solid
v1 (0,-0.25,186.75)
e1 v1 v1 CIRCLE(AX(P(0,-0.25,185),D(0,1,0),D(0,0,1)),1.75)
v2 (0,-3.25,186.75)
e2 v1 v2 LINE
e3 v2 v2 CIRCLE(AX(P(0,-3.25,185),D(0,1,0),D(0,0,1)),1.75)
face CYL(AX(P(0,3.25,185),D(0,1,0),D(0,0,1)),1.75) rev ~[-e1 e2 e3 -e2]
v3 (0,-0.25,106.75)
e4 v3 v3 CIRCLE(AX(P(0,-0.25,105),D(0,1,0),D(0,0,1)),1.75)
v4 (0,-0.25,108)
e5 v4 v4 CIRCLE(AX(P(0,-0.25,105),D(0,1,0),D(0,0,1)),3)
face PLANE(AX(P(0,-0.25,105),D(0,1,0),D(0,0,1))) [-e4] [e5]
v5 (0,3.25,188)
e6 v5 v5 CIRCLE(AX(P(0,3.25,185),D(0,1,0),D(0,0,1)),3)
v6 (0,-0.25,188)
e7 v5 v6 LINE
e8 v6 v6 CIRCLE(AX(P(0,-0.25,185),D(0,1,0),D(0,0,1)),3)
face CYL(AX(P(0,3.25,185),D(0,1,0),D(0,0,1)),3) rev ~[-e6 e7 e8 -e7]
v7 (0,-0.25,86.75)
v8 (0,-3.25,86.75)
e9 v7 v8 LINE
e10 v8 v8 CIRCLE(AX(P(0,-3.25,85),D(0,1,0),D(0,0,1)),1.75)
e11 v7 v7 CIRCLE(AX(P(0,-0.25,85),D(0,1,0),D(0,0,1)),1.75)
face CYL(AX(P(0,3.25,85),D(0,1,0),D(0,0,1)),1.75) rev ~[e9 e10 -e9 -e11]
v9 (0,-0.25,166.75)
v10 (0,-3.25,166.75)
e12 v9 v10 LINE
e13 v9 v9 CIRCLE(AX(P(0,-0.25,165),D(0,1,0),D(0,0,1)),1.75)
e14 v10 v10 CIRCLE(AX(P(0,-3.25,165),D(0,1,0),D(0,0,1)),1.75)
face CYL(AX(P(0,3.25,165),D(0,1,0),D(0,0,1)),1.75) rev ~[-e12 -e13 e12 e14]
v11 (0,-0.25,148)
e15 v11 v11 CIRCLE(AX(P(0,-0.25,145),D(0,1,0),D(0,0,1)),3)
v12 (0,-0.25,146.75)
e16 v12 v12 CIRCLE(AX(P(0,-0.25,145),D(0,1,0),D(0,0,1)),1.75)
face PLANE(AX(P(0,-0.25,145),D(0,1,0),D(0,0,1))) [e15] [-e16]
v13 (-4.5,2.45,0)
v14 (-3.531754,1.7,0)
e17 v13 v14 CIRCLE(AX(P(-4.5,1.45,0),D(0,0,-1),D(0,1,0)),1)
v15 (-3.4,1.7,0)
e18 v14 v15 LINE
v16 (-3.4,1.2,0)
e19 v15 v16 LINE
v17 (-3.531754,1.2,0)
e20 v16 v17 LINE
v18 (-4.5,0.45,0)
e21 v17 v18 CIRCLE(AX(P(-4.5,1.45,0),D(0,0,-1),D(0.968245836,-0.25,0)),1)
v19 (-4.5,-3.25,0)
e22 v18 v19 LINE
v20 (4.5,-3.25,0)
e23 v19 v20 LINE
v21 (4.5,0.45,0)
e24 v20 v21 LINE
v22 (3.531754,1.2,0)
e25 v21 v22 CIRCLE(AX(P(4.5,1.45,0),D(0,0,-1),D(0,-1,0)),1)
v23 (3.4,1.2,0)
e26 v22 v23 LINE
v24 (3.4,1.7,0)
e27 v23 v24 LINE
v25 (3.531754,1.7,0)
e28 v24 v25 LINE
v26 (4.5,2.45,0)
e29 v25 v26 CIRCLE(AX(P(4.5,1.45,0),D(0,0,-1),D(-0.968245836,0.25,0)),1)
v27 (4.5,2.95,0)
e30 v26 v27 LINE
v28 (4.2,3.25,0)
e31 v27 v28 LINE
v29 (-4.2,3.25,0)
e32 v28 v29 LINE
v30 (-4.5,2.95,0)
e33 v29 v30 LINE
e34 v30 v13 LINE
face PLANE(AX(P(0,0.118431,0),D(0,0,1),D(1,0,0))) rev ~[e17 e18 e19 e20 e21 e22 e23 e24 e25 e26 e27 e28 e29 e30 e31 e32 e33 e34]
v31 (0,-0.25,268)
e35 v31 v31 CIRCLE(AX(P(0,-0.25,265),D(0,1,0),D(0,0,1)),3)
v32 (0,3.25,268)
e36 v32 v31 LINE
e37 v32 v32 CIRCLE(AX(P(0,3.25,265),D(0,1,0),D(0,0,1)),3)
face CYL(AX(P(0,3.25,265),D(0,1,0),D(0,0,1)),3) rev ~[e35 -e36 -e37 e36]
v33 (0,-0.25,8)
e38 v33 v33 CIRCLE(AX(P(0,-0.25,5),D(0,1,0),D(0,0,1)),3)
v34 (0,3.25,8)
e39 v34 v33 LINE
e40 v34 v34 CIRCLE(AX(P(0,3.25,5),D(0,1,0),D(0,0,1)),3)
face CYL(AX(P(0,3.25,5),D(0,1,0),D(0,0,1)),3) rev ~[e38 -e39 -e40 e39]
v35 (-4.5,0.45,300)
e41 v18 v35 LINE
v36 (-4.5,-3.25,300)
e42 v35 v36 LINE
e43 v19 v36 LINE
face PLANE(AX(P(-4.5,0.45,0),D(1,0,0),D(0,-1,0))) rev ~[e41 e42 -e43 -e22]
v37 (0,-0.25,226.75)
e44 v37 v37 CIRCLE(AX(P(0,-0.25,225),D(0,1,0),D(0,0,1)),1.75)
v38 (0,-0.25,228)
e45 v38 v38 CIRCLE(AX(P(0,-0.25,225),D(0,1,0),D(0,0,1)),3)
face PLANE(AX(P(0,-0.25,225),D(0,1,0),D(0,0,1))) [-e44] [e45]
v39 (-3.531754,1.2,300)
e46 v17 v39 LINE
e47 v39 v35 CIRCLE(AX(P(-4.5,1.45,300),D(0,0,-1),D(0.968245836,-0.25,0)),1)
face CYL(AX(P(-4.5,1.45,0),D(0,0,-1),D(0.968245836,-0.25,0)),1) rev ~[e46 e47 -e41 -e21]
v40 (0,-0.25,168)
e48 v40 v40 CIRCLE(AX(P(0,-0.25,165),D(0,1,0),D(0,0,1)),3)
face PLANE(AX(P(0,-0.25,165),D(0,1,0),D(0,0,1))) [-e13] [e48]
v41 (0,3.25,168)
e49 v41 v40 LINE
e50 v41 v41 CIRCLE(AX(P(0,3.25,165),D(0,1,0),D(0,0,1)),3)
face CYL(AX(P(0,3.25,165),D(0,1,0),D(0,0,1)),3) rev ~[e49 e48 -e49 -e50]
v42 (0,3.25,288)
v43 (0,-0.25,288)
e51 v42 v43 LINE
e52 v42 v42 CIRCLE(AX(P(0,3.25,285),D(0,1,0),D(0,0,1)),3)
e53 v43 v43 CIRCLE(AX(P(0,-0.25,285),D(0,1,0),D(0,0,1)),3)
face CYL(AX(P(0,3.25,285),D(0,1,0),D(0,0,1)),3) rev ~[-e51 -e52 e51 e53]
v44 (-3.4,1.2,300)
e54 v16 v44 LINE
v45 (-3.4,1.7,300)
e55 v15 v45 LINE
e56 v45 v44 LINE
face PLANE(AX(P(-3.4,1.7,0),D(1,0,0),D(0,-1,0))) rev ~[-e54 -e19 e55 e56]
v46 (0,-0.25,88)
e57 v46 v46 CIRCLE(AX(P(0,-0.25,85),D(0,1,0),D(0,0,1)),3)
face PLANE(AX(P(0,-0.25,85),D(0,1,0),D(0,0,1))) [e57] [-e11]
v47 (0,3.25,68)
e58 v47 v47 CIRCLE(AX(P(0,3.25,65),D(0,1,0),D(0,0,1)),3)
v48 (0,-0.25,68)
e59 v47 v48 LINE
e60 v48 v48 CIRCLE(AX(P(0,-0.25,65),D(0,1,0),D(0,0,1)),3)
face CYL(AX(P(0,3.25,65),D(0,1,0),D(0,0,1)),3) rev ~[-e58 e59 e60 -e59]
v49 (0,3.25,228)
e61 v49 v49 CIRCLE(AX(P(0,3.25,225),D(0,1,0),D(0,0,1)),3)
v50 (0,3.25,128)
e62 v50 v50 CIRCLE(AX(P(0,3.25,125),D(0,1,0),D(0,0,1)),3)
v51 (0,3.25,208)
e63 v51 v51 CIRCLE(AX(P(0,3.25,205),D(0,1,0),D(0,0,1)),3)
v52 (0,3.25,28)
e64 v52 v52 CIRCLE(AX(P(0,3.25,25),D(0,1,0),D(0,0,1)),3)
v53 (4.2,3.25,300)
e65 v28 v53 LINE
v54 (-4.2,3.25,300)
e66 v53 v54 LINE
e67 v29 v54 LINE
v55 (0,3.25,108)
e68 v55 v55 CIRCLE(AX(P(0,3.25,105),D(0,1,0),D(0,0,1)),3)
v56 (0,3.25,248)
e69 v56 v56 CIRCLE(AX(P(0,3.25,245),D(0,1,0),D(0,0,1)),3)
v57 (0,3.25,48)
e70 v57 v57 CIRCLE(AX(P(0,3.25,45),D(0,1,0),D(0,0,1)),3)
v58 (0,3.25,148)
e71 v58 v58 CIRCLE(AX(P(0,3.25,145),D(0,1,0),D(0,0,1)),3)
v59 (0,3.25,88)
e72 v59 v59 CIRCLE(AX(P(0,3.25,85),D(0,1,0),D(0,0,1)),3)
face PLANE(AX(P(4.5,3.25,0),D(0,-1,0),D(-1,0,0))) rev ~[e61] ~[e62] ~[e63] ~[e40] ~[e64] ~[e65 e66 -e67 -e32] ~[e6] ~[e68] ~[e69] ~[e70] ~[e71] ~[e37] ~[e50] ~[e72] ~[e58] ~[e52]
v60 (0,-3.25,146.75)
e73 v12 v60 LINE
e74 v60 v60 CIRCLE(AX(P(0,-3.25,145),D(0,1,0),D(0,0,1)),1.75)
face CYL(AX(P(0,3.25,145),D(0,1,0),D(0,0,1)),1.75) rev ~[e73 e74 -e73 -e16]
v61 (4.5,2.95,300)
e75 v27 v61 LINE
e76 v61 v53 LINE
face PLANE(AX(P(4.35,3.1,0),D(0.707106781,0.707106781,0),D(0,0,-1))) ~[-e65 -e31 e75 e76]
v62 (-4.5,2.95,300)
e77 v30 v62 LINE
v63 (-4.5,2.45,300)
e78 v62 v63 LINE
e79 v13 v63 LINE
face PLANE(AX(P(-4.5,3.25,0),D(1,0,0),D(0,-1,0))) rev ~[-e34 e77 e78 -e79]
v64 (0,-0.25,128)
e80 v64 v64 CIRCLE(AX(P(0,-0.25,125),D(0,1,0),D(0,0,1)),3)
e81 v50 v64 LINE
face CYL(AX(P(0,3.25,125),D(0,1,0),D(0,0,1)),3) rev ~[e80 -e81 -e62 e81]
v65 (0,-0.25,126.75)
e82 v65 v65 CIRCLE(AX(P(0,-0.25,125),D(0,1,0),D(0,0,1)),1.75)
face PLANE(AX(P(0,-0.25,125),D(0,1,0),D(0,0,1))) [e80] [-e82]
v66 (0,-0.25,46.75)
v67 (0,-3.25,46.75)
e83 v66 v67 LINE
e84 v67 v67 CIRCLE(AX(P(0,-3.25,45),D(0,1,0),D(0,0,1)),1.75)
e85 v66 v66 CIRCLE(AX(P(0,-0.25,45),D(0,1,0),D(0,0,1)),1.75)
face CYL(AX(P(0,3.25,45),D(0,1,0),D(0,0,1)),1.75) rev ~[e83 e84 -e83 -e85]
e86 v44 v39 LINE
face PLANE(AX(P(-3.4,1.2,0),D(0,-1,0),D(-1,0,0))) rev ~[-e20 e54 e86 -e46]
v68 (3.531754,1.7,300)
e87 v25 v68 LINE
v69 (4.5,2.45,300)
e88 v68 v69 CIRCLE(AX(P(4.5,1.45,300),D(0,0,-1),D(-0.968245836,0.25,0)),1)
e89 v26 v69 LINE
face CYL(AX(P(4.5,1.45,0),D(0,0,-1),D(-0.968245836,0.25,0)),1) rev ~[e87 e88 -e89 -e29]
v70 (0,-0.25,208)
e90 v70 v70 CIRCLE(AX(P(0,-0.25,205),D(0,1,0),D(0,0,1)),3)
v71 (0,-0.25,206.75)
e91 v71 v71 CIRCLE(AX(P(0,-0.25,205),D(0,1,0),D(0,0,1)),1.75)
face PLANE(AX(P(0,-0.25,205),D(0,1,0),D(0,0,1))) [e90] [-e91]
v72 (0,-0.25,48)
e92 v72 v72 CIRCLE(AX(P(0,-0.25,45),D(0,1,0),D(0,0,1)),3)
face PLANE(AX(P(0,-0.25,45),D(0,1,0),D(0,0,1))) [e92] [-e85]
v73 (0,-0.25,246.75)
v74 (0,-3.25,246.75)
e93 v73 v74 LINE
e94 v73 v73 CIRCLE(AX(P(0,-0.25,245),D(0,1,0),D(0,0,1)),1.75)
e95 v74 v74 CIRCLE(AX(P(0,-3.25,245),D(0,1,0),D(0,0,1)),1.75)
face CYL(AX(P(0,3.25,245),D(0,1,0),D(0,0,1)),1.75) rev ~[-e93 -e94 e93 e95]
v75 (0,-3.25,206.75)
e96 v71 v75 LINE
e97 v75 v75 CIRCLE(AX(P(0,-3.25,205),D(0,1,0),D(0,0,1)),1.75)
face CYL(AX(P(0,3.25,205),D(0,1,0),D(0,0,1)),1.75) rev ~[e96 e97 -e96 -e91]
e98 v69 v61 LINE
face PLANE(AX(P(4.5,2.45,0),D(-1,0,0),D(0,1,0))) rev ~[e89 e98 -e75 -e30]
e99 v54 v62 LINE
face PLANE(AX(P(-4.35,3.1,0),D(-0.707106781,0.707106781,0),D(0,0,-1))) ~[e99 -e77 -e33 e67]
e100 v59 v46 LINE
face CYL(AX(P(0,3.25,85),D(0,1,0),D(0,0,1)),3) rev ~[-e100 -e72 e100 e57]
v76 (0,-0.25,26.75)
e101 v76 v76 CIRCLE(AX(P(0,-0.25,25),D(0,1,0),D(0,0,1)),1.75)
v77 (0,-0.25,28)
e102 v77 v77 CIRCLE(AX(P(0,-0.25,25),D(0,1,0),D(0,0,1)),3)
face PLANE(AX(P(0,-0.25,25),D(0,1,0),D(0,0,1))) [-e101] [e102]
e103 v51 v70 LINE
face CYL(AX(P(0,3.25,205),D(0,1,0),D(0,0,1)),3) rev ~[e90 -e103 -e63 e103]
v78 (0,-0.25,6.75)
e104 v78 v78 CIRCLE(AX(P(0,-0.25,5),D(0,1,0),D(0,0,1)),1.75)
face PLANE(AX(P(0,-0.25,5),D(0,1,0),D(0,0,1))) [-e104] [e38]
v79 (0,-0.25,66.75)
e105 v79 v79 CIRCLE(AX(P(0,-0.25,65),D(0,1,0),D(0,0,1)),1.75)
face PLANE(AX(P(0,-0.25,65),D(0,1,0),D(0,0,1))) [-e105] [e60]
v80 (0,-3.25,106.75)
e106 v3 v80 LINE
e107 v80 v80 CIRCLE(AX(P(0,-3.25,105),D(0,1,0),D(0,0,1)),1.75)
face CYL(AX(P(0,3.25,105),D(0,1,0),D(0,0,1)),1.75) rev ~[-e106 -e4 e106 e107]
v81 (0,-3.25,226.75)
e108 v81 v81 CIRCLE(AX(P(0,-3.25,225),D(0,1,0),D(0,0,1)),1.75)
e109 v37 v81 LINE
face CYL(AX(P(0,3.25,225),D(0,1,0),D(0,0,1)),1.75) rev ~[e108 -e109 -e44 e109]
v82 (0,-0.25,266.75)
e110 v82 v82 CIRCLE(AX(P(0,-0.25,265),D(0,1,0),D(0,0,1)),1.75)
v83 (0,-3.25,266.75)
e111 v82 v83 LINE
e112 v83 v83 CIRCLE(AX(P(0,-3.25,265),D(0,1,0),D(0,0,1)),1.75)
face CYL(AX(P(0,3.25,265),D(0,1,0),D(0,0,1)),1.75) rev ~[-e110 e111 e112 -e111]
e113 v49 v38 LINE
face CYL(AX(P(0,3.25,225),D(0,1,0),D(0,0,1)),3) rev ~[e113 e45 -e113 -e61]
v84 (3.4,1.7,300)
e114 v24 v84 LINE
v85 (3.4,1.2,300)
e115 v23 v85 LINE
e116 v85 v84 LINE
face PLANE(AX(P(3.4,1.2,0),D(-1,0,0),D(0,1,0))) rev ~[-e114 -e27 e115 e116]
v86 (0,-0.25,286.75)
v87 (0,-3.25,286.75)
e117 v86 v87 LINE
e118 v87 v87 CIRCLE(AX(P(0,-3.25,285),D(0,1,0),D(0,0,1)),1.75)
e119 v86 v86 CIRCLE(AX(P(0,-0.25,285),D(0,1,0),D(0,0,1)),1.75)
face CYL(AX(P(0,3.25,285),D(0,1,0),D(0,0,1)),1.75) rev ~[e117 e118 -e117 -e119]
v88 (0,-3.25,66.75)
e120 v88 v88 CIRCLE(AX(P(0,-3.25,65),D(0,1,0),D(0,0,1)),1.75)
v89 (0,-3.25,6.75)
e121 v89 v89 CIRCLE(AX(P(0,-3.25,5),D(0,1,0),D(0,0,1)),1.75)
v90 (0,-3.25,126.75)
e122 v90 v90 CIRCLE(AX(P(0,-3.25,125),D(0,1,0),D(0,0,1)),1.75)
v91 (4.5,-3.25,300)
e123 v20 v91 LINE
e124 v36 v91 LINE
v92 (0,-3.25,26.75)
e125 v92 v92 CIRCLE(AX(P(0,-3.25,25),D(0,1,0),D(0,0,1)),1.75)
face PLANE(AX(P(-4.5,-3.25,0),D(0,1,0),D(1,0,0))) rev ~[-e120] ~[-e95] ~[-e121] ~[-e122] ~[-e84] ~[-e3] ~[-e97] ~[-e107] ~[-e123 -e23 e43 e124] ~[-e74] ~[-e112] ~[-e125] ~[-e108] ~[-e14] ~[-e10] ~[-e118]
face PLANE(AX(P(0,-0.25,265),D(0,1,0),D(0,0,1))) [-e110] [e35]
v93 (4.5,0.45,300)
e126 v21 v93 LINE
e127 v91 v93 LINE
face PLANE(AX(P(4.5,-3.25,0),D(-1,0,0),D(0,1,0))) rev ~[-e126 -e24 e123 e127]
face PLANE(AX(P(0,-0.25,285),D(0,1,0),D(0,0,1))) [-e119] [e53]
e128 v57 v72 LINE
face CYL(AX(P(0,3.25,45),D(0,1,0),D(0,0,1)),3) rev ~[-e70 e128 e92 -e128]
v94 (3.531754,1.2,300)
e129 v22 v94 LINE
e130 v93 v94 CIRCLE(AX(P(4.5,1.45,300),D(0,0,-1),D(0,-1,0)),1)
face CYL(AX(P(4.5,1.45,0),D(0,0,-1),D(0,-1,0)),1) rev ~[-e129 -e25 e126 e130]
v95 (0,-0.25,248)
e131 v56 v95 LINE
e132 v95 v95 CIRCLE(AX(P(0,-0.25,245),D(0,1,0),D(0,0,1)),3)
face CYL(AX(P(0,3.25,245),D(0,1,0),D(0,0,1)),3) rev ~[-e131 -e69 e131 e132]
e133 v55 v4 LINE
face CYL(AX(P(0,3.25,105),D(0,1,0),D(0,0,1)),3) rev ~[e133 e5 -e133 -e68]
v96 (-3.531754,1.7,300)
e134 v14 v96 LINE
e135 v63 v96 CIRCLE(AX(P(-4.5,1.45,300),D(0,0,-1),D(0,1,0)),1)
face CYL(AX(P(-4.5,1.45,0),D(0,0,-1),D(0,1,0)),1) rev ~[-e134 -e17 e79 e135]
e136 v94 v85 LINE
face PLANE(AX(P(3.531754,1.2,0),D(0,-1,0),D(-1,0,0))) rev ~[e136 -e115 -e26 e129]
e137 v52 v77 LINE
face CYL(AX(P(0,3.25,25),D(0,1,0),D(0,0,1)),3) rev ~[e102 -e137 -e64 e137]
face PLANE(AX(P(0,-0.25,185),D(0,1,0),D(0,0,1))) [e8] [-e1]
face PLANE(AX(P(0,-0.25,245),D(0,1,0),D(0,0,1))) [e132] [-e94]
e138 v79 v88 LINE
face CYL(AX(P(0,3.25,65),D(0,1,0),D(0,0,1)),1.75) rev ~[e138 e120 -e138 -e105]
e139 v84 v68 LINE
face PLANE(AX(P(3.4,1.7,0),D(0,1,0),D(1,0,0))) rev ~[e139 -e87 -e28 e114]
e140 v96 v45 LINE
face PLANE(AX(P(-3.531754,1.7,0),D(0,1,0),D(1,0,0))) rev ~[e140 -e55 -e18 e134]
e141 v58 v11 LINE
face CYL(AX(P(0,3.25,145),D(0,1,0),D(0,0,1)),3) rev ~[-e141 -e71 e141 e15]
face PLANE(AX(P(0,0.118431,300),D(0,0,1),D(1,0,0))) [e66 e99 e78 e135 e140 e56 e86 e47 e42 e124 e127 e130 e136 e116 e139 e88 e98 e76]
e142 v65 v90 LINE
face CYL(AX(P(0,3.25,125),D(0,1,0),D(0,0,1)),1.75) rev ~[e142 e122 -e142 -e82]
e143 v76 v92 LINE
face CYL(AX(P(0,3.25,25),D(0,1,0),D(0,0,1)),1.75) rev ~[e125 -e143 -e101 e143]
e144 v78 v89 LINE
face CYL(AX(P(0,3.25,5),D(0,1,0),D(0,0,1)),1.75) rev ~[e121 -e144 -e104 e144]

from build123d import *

# Parameters (mm, degrees)
EXTRUDE1_DEPTH  = 300
SKETCH2_R       = 3
EXTRUDE2_DEPTH  = 3.5
SKETCH_R        = 1.75
EXTRUDE3_DEPTH  = 301.104148588
LPATTERN1_COUNT = 40
LPATTERN1_PITCH = 20
CHAMFER1_SIZE   = 0.3


with BuildPart() as part:
    # Sketch1 → Extrude1 (new body)
    with BuildSketch(Plane.XY):
        with BuildLine():
            Line((-4.5, -3.25), (4.5, -3.25))
            Line((4.5, -3.25), (4.5, 0.45))
            ThreePointArc((4.5, 0.45), (3.887627564, 0.659430585), (3.531754163, 1.2))
            Line((3.531754163, 1.2), (3.4, 1.2))
            Line((3.4, 1.2), (3.4, 1.7))
            Line((3.4, 1.7), (3.531754163, 1.7))
            ThreePointArc((3.531754163, 1.7), (3.887627564, 2.240569415), (4.5, 2.45))
            Line((4.5, 2.45), (4.5, 3.25))
            Line((4.5, 3.25), (-4.5, 3.25))
            Line((-4.5, 3.25), (-4.5, 2.45))
            ThreePointArc((-4.5, 2.45), (-3.887627564, 2.240569415), (-3.531754163, 1.7))
            Line((-3.531754163, 1.7), (-3.4, 1.7))
            Line((-3.4, 1.7), (-3.4, 1.2))
            Line((-3.4, 1.2), (-3.531754163, 1.2))
            ThreePointArc((-3.531754163, 1.2), (-3.887627564, 0.659430585), (-4.5, 0.45))
            Line((-4.5, 0.45), (-4.5, -3.25))
        make_face()
    extrude(amount=EXTRUDE1_DEPTH)

    # Sketch2 → Extrude2 (cut)
    with BuildSketch(Plane(origin=(0, 3.25, 0), x_dir=(1, 0, 0), z_dir=(0, 1, 0))):
        with Locations((0, -5)):
            Circle(SKETCH2_R)
    extrude2 = extrude(amount=-EXTRUDE2_DEPTH, mode=Mode.SUBTRACT)

    # Sketch → Extrude3 (cut, through all)
    with BuildSketch(Plane(origin=(0, 3.25, 0), x_dir=(1, 0, 0), z_dir=(0, 1, 0))):
        with Locations((0, -5)):
            Circle(SKETCH_R)
    extrude3 = extrude(amount=-EXTRUDE3_DEPTH, mode=Mode.SUBTRACT)

    # LPattern1: Extrude2, Extrude3 ×40
    with Locations(*[(0, 0, i * LPATTERN1_PITCH) for i in range(1, LPATTERN1_COUNT)]):
        add(extrude2, mode=Mode.SUBTRACT)
        add(extrude3, mode=Mode.SUBTRACT)

    # Chamfer1
    chamfer1_edges = [part.edges().sort_by_distance(p)[0] for p in [
        (4.5, 3.25, 150),
        (-4.5, 3.25, 150),
    ]]
    chamfer(chamfer1_edges, length=CHAMFER1_SIZE)


solid = part.part
